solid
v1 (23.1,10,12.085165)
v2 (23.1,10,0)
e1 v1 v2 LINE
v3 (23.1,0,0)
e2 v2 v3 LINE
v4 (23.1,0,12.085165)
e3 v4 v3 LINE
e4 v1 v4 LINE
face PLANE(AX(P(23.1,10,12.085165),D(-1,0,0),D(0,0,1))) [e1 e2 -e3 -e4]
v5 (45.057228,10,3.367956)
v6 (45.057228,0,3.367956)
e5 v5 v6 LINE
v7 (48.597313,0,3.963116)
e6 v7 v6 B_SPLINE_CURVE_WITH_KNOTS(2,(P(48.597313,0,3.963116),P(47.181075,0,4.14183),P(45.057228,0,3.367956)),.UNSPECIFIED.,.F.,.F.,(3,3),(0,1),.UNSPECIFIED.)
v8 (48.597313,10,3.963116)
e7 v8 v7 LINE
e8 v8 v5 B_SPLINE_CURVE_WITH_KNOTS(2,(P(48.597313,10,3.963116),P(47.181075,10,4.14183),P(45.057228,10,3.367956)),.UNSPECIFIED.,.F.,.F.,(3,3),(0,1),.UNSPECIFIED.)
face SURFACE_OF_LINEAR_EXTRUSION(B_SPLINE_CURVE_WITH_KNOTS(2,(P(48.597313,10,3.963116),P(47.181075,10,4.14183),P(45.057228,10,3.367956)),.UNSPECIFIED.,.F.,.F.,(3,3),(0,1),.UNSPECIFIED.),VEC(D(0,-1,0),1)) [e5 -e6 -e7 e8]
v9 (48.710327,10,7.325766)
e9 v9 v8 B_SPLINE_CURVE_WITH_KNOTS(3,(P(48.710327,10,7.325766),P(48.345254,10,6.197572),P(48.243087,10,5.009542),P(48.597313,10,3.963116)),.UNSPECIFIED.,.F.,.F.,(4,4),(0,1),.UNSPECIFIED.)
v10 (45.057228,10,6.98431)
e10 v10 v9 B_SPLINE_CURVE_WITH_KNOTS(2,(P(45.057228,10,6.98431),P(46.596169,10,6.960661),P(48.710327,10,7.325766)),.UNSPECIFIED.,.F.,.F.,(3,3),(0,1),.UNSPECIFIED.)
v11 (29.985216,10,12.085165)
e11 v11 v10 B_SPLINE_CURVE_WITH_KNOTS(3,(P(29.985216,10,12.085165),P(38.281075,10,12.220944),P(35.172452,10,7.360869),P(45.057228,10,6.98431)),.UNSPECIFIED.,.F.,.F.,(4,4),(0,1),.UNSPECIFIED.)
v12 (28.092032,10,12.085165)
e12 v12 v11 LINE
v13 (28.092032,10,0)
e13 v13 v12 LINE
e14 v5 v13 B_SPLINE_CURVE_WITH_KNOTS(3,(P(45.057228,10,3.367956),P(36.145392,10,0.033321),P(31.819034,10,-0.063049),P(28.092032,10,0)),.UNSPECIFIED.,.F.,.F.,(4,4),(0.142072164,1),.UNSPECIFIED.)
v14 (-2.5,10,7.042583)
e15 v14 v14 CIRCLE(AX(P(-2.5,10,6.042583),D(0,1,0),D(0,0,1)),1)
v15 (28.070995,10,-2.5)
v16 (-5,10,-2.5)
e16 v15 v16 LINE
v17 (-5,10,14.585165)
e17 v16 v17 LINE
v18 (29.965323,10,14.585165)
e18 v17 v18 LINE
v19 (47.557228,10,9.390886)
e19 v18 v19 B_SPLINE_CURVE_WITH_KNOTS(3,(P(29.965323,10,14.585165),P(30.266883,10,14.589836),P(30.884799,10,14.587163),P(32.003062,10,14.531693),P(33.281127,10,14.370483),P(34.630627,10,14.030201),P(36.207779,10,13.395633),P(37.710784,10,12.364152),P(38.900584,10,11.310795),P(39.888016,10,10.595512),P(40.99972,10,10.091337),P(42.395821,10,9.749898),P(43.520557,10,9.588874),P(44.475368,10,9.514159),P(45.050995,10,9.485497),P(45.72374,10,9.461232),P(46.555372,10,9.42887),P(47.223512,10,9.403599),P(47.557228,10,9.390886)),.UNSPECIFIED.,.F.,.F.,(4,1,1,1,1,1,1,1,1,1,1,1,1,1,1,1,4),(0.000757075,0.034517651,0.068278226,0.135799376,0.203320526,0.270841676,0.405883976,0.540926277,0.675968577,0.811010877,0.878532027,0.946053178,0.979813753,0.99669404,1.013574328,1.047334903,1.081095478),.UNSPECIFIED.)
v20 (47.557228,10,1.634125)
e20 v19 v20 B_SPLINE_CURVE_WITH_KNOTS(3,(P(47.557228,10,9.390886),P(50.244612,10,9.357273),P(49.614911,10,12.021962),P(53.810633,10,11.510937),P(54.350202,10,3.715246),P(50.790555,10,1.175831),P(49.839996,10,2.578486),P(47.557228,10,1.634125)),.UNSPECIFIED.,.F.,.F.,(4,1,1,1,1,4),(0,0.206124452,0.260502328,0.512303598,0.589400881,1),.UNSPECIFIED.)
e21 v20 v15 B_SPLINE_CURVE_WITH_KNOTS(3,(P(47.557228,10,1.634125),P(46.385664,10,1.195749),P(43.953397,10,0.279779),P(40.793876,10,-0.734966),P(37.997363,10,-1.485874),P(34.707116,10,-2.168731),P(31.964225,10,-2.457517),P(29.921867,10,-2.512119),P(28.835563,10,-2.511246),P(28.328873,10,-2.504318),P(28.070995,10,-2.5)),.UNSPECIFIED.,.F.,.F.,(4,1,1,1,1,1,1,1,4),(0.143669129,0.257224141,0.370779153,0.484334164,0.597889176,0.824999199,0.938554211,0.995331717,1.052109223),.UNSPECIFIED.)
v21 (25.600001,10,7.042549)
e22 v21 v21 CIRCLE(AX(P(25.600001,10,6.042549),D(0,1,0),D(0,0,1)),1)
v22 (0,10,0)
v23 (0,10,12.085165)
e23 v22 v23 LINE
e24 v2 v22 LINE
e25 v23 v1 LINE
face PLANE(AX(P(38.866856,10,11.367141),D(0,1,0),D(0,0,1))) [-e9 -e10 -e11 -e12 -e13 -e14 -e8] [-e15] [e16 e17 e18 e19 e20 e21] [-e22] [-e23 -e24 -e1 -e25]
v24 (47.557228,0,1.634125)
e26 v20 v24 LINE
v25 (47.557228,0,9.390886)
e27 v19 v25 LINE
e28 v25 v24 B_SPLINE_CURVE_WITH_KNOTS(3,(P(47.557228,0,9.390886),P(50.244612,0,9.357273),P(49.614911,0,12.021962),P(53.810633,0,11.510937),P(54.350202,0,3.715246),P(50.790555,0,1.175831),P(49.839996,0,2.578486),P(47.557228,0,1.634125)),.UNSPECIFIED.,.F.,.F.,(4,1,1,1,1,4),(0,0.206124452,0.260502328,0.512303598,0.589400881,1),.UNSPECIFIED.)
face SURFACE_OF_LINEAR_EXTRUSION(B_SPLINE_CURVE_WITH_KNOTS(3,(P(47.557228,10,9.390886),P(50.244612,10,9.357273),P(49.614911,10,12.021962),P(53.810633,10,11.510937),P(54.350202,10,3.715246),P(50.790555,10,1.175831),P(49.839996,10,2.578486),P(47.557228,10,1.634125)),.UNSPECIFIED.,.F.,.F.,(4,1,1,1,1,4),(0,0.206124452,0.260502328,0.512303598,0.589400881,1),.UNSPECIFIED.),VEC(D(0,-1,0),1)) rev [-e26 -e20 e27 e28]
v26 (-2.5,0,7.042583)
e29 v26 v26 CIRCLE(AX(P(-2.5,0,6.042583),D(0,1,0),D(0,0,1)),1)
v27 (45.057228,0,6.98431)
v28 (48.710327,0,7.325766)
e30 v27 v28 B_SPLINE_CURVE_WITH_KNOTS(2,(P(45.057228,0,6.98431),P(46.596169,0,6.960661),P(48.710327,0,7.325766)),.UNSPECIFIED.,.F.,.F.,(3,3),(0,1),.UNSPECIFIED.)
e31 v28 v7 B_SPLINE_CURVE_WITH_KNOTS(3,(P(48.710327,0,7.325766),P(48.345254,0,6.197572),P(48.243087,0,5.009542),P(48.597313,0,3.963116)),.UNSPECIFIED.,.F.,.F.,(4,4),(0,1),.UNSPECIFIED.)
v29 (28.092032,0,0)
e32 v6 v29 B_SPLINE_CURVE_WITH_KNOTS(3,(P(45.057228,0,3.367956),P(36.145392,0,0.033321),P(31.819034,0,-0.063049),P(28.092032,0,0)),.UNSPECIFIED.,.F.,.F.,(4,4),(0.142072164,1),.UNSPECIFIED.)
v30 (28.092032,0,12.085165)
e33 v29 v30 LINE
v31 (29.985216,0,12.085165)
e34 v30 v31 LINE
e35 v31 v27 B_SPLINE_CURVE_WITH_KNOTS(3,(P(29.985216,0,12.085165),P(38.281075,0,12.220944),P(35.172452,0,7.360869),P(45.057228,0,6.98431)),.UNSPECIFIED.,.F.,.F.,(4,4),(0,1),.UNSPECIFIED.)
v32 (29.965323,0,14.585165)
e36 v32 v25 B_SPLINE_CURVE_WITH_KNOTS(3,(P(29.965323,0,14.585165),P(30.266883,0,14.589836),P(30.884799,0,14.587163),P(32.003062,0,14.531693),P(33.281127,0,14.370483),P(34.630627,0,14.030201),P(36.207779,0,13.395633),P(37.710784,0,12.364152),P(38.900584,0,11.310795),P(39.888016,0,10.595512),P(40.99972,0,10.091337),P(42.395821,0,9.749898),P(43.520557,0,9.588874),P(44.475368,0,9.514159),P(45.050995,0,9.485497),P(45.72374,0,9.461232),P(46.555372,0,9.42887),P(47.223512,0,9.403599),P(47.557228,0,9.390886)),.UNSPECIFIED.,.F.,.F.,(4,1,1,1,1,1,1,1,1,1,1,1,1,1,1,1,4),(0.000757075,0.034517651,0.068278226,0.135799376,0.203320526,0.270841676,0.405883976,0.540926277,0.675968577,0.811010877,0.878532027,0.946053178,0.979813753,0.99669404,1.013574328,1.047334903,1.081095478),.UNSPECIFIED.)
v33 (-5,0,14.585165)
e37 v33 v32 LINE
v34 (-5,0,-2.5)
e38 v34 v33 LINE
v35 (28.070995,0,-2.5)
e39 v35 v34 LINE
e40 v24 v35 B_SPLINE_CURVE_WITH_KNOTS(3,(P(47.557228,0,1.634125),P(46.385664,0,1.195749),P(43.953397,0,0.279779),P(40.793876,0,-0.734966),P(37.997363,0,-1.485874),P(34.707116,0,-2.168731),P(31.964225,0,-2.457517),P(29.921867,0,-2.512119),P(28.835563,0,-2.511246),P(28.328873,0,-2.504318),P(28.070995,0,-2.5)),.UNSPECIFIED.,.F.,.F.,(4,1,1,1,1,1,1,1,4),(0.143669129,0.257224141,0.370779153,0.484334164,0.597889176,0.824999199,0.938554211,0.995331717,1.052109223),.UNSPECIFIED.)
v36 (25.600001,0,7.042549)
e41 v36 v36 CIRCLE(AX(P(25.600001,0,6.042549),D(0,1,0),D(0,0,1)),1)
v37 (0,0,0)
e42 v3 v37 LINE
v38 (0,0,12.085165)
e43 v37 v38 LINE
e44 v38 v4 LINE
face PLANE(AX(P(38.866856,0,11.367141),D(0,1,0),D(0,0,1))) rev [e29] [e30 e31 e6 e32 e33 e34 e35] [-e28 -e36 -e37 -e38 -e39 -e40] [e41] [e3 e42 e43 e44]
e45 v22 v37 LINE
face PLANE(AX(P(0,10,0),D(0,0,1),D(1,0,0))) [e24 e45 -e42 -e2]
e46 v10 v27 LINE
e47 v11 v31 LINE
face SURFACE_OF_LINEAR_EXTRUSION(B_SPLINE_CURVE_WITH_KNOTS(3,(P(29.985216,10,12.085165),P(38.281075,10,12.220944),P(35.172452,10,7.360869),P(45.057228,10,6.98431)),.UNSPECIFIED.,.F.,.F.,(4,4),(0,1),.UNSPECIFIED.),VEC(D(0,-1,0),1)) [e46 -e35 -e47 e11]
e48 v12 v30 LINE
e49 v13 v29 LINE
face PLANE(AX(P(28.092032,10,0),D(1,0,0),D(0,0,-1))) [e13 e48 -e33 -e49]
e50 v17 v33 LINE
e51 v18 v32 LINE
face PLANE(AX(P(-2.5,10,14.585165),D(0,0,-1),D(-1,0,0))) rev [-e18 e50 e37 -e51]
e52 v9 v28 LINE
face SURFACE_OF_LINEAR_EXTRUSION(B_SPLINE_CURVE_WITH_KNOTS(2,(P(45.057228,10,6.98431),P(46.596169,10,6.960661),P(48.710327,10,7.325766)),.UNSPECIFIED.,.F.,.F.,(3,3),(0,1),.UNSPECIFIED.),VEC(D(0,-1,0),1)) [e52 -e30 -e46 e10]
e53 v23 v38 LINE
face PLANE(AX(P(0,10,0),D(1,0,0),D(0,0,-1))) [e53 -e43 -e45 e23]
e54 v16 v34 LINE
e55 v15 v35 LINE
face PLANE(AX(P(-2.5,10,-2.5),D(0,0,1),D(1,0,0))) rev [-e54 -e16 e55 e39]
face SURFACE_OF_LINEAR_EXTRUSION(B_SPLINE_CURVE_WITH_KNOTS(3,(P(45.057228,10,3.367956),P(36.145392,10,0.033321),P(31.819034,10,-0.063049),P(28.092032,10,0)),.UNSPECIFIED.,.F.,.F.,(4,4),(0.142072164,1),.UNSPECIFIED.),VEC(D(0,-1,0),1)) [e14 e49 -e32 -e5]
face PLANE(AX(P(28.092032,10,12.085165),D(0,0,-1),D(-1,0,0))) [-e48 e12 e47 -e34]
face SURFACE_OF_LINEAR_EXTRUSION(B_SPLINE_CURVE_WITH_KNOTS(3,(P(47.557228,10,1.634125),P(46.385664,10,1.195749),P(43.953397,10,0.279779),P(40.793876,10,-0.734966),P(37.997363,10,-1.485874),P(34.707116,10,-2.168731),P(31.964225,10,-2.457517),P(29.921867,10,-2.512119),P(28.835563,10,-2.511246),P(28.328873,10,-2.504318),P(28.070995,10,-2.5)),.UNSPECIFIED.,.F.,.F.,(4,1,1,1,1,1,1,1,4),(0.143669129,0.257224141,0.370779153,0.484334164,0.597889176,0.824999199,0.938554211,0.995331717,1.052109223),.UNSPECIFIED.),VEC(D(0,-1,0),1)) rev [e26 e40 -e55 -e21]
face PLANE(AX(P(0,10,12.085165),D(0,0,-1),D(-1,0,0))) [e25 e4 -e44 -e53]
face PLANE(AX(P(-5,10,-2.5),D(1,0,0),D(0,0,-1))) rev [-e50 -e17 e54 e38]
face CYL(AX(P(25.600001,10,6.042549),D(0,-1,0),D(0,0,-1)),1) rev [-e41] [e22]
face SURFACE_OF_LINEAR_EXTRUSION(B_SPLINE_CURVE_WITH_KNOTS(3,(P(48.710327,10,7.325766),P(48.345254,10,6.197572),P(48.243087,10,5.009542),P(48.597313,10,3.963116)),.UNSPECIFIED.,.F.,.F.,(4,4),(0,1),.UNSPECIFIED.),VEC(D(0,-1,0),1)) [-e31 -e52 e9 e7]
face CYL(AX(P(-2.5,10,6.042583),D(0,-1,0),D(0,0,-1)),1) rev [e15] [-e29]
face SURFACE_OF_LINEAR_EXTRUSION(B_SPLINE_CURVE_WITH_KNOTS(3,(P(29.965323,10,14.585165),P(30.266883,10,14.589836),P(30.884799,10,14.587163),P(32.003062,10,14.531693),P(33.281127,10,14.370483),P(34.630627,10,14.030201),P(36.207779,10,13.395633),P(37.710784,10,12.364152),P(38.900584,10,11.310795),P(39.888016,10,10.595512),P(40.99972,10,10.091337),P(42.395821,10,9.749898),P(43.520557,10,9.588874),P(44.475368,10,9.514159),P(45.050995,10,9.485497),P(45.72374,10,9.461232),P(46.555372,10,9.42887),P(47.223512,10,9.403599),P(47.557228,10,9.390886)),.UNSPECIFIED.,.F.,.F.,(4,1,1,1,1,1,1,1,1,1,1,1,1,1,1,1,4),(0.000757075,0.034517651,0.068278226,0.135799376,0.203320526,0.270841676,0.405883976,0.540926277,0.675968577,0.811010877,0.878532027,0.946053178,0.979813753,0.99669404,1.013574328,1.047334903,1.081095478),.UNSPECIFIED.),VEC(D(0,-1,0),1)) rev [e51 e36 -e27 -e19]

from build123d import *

# Parameters (mm, degrees)
SKETCH_1_R      = 1
SKETCH_1_W      = 23.1
SKETCH_1_H      = 12.085165135
EXTRUDE_1_DEPTH = 10


with BuildPart() as part:
    # Эскиз1 → Бобышка-Вытянуть1 (new body)
    with BuildSketch(Plane(origin=(0, 0, 0), x_dir=(1, 0, 0), z_dir=(0, 1, 0))):
        with BuildLine():
            Line((-2.5, 2.5), (28.070995288, 2.5))
            add(Edge.make_bspline(
                [(28.070995288, 2.5), (28.32887344, 2.504318085), (28.835562657, 2.511245965), (29.921866616, 2.512119229), (31.964225284, 2.457517191), (34.707115979, 2.168731474), (37.997362638, 1.485873867), (40.79387565, 0.734966307), (43.953396938, -0.279779406), (46.385663882, -1.195748574), (47.557228164, -1.634125111)],
                knots=[0.143669129, 0.143669129, 0.143669129, 0.143669129, 0.200446635, 0.257224141, 0.370779153, 0.597889176, 0.711444188, 0.824999199, 0.938554211, 1.052109223, 1.052109223, 1.052109223, 1.052109223], degree=3))
            add(Edge.make_bspline(
                [(47.557228164, -1.634125111), (49.83999595, -2.578486337), (50.790555246, -1.175830705), (54.350201844, -3.715245794), (53.810633179, -11.510937101), (49.614910749, -12.021962191), (50.244612096, -9.357273045), (47.557228164, -9.390885833)],
                knots=[0, 0, 0, 0, 0.410599119, 0.487696402, 0.739497672, 0.793875548, 1, 1, 1, 1], degree=3))
            add(Edge.make_bspline(
                [(47.557228164, -9.390885833), (47.223512443, -9.403598686), (46.55537249, -9.42886967), (45.723740105, -9.461231999), (45.050994829, -9.485497305), (44.475367741, -9.514158988), (43.520556703, -9.588873607), (42.395821116, -9.749897974), (40.99972022, -10.09133704), (39.888015817, -10.595512334), (38.900584218, -11.310794918), (37.710783689, -12.364152312), (36.207778756, -13.39563326), (34.630627358, -14.030201283), (33.281126924, -14.37048255), (32.003062284, -14.531692535), (30.884799393, -14.587163413), (30.266883356, -14.58983575), (29.965322631, -14.585165135)],
                knots=[0.000757075, 0.000757075, 0.000757075, 0.000757075, 0.034517651, 0.068278226, 0.085158513, 0.102038801, 0.135799376, 0.203320526, 0.270841676, 0.405883976, 0.540926277, 0.675968577, 0.811010877, 0.878532027, 0.946053178, 1.013574328, 1.047334903, 1.081095478, 1.081095478, 1.081095478, 1.081095478], degree=3))
            Line((29.965322631, -14.585165135), (-2.5, -14.585165135))
            Line((-2.5, -14.585165135), (-5, -14.585165135))
            Line((-5, -14.585165135), (-5, 2.5))
            Line((-5, 2.5), (-2.5, 2.5))
        make_face()
        with Locations(Location((-2.5, -6.042582568, 0), (0, 0, 270))):
            Circle(SKETCH_1_R, mode=Mode.SUBTRACT)
        with Locations(Location((25.600001017, -6.042548927, 0), (0, 0, 270))):
            Circle(SKETCH_1_R, mode=Mode.SUBTRACT)
        with Locations((11.55, -6.042582568)):
            Rectangle(SKETCH_1_W, SKETCH_1_H, mode=Mode.SUBTRACT)
        with BuildLine():
            Line((28.092032276, -12.085165135), (29.985216163, -12.085165135))
            add(Edge.make_bspline(
                [(29.985216163, -12.085165135), (38.281074708, -12.220944361), (35.172452203, -7.360868715), (45.057228164, -6.984309607)],
                knots=[0, 0, 0, 0, 1, 1, 1, 1], degree=3))
            add(Edge.make_bspline(
                [(45.057228164, -6.984309607), (46.59616868, -6.960661023), (48.710327015, -7.325766452)],
                knots=[0, 0, 0, 1, 1, 1], degree=2))
            add(Edge.make_bspline(
                [(48.710327015, -7.325766452), (48.345253613, -6.197571714), (48.243086622, -5.009541806), (48.597312625, -3.963116498)],
                knots=[0, 0, 0, 0, 1, 1, 1, 1], degree=3))
            add(Edge.make_bspline(
                [(45.057228164, -3.367956317), (47.181075152, -4.141830426), (48.597312625, -3.963116498)],
                knots=[0, 0, 0, 1, 1, 1], degree=2))
            add(Edge.make_bspline(
                [(28.092032276, 0), (31.819034224, 0.063049174), (36.14539206, -0.033320809), (45.057228164, -3.367956317)],
                knots=[0.142072164, 0.142072164, 0.142072164, 0.142072164, 1, 1, 1, 1], degree=3))
            Line((28.092032276, 0), (28.092032276, -12.085165135))
        make_face(mode=Mode.SUBTRACT)
    extrude(amount=EXTRUDE_1_DEPTH)


solid = part.part
